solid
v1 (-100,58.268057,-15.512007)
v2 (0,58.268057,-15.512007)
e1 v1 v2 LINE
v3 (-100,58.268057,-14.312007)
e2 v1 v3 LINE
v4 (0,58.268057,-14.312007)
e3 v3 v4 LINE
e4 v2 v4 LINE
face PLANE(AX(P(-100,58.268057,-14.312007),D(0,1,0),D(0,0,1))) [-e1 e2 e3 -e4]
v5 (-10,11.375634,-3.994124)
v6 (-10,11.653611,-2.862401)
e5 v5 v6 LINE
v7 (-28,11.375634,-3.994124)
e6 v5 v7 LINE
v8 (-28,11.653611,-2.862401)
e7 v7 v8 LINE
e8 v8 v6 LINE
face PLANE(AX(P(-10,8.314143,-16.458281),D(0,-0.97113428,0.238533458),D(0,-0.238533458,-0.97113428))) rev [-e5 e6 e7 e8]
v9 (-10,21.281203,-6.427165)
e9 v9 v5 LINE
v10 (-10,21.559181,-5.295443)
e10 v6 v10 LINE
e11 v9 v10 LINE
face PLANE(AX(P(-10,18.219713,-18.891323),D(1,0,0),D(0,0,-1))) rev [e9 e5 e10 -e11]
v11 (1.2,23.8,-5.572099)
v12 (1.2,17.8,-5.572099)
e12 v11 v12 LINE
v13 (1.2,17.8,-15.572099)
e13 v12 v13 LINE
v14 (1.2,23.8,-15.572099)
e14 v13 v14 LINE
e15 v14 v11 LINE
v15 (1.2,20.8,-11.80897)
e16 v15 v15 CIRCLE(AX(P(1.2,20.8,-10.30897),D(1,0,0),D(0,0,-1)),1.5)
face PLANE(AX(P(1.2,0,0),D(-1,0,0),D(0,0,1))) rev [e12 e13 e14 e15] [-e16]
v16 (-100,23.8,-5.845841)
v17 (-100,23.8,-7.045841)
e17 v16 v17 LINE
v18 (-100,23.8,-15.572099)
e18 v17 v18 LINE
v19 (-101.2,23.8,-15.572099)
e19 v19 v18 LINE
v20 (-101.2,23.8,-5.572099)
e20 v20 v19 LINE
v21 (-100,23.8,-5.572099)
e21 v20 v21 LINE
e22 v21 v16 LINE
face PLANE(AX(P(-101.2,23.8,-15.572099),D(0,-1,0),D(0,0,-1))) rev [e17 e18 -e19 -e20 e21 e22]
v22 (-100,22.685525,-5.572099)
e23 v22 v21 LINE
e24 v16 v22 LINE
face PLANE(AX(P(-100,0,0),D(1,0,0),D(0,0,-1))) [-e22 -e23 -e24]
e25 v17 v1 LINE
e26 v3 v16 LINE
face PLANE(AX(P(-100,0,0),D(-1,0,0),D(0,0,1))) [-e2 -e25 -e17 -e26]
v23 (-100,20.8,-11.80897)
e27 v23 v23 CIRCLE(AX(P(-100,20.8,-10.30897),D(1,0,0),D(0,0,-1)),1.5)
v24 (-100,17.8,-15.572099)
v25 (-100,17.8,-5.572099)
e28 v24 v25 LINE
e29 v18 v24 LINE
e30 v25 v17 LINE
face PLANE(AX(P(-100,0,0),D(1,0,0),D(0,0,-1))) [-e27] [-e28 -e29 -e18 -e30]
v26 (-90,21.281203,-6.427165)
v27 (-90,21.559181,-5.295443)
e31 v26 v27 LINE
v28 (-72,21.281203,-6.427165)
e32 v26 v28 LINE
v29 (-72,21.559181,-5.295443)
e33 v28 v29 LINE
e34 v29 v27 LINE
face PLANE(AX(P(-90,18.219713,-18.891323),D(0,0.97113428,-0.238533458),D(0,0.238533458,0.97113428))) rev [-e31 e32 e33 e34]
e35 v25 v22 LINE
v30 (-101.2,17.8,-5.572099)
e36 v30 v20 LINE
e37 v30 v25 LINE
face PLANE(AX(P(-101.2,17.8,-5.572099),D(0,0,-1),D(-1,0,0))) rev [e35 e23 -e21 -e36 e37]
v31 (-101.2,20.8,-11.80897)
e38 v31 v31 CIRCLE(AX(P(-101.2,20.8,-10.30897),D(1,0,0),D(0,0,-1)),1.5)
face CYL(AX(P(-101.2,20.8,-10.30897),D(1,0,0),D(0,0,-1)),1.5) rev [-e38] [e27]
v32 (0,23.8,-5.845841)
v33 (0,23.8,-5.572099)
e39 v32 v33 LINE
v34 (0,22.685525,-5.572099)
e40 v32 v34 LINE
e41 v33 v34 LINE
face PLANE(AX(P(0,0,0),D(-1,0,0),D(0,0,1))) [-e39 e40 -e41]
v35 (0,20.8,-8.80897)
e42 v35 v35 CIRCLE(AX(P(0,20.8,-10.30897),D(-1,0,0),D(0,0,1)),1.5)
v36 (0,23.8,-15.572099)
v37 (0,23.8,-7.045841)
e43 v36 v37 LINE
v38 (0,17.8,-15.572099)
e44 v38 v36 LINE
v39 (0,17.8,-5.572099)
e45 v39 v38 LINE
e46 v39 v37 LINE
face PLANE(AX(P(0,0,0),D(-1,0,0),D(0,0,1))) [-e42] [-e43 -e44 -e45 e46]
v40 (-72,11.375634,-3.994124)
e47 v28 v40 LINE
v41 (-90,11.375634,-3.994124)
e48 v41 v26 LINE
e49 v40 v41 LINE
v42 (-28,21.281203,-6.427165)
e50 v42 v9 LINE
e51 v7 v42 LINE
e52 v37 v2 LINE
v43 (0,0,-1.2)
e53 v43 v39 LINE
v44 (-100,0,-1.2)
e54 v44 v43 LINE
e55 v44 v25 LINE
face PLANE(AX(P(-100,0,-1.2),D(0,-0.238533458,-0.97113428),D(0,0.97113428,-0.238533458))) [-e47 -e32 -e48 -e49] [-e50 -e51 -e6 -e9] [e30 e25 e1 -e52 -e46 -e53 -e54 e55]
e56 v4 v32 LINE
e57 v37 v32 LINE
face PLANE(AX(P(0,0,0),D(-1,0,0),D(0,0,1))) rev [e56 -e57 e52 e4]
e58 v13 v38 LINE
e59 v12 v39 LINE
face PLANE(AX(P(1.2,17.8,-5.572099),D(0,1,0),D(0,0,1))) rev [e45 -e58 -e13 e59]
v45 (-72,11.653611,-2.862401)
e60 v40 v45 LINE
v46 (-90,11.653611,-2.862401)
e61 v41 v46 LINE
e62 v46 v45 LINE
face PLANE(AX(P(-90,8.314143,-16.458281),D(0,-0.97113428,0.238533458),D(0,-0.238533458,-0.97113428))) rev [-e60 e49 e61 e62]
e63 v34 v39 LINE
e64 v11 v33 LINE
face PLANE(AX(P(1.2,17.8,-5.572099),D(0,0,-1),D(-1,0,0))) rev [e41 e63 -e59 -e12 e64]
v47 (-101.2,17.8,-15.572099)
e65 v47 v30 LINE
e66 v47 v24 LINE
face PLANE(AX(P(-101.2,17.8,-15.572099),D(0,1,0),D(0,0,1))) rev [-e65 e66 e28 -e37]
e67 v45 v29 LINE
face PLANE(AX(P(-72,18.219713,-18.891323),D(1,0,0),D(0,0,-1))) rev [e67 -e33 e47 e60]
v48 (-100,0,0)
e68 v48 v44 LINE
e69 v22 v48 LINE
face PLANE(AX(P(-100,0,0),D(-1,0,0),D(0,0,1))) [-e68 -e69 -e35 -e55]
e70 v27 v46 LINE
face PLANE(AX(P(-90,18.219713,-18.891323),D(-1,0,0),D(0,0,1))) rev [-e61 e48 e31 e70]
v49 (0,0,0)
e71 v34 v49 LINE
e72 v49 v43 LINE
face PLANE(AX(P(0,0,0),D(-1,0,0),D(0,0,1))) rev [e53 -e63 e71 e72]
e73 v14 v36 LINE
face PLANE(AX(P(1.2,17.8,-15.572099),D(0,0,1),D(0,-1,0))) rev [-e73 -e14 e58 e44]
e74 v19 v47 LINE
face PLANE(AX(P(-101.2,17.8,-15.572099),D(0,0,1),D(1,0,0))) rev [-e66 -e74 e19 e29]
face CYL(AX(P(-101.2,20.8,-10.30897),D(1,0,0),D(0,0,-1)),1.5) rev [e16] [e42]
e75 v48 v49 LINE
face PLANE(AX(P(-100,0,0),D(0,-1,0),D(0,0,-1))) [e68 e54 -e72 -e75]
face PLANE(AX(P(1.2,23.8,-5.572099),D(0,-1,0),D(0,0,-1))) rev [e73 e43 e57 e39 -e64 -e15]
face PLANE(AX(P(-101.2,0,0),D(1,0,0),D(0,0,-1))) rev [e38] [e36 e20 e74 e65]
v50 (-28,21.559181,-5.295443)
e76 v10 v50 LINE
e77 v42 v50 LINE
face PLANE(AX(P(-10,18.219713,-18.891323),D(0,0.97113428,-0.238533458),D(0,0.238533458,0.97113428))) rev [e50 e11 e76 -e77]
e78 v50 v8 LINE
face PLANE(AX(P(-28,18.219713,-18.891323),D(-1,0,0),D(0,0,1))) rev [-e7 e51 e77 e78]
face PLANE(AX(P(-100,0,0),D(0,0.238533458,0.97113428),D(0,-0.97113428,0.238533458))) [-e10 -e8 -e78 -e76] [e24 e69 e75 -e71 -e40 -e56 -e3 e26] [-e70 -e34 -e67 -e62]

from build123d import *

# Parameters (mm, degrees)
SALIENTE_EXTRUIR1_DEPTH = 100
CROQUIS3_W              = 10
CROQUIS3_H              = 6
SALIENTE_EXTRUIR2_DEPTH = 1.2
CROQUIS4_W              = 10
CROQUIS4_H              = 6
SALIENTE_EXTRUIR3_DEPTH = 1.2
CROQUIS5_R              = 1.5
CORTAR_EXTRUIR1_DEPTH   = 119.841982146
CROQUIS6_W              = 18
CROQUIS6_H              = 10.2
CORTAR_EXTRUIR2_DEPTH   = 14


with BuildPart() as part:
    # Croquis1 → Saliente-Extruir1 (new body)
    with BuildSketch(Plane(origin=(0, 0, 0), x_dir=(0, 0, -1), z_dir=(1, 0, 0))):
        Polygon((0, 0), (1.2, 0), (15.512007455, 58.268056795), (14.312007455, 58.268056795), align=None)
    extrude(amount=-SALIENTE_EXTRUIR1_DEPTH)

    # Croquis3 → Saliente-Extruir2 (add)
    with BuildSketch(Plane(origin=(0, 0, 0), x_dir=(0, 0, -1), z_dir=(1, 0, 0))):
        with Locations((10.572099341, 20.8)):
            Rectangle(CROQUIS3_W, CROQUIS3_H)
    extrude(amount=SALIENTE_EXTRUIR2_DEPTH)

    # Croquis4 → Saliente-Extruir3 (add)
    with BuildSketch(Plane.ZY.offset(100)):
        with Locations((-10.572099341, 20.8)):
            Rectangle(CROQUIS4_W, CROQUIS4_H)
    extrude(amount=SALIENTE_EXTRUIR3_DEPTH)

    # Croquis5 → Cortar-Extruir1 (cut, through all)
    with BuildSketch(Plane(origin=(1.2, 0, 0), x_dir=(0, 0, -1), z_dir=(1, 0, 0))):
        with Locations((10.308970016, 20.8)):
            Circle(CROQUIS5_R)
    extrude(amount=-CORTAR_EXTRUIR1_DEPTH, mode=Mode.SUBTRACT)

    # Croquis6 → Cortar-Extruir2 (cut)
    with BuildSketch(Plane(origin=(0, 0, 0), x_dir=(1, 0, 0), z_dir=(0, 0.2385334575785815, 0.971134279909636))):
        with Locations((-81, 17.1)):
            Rectangle(CROQUIS6_W, CROQUIS6_H)
        with Locations((-19, 17.1)):
            Rectangle(CROQUIS6_W, CROQUIS6_H)
    extrude(amount=-CORTAR_EXTRUIR2_DEPTH, mode=Mode.SUBTRACT)


solid = part.part
